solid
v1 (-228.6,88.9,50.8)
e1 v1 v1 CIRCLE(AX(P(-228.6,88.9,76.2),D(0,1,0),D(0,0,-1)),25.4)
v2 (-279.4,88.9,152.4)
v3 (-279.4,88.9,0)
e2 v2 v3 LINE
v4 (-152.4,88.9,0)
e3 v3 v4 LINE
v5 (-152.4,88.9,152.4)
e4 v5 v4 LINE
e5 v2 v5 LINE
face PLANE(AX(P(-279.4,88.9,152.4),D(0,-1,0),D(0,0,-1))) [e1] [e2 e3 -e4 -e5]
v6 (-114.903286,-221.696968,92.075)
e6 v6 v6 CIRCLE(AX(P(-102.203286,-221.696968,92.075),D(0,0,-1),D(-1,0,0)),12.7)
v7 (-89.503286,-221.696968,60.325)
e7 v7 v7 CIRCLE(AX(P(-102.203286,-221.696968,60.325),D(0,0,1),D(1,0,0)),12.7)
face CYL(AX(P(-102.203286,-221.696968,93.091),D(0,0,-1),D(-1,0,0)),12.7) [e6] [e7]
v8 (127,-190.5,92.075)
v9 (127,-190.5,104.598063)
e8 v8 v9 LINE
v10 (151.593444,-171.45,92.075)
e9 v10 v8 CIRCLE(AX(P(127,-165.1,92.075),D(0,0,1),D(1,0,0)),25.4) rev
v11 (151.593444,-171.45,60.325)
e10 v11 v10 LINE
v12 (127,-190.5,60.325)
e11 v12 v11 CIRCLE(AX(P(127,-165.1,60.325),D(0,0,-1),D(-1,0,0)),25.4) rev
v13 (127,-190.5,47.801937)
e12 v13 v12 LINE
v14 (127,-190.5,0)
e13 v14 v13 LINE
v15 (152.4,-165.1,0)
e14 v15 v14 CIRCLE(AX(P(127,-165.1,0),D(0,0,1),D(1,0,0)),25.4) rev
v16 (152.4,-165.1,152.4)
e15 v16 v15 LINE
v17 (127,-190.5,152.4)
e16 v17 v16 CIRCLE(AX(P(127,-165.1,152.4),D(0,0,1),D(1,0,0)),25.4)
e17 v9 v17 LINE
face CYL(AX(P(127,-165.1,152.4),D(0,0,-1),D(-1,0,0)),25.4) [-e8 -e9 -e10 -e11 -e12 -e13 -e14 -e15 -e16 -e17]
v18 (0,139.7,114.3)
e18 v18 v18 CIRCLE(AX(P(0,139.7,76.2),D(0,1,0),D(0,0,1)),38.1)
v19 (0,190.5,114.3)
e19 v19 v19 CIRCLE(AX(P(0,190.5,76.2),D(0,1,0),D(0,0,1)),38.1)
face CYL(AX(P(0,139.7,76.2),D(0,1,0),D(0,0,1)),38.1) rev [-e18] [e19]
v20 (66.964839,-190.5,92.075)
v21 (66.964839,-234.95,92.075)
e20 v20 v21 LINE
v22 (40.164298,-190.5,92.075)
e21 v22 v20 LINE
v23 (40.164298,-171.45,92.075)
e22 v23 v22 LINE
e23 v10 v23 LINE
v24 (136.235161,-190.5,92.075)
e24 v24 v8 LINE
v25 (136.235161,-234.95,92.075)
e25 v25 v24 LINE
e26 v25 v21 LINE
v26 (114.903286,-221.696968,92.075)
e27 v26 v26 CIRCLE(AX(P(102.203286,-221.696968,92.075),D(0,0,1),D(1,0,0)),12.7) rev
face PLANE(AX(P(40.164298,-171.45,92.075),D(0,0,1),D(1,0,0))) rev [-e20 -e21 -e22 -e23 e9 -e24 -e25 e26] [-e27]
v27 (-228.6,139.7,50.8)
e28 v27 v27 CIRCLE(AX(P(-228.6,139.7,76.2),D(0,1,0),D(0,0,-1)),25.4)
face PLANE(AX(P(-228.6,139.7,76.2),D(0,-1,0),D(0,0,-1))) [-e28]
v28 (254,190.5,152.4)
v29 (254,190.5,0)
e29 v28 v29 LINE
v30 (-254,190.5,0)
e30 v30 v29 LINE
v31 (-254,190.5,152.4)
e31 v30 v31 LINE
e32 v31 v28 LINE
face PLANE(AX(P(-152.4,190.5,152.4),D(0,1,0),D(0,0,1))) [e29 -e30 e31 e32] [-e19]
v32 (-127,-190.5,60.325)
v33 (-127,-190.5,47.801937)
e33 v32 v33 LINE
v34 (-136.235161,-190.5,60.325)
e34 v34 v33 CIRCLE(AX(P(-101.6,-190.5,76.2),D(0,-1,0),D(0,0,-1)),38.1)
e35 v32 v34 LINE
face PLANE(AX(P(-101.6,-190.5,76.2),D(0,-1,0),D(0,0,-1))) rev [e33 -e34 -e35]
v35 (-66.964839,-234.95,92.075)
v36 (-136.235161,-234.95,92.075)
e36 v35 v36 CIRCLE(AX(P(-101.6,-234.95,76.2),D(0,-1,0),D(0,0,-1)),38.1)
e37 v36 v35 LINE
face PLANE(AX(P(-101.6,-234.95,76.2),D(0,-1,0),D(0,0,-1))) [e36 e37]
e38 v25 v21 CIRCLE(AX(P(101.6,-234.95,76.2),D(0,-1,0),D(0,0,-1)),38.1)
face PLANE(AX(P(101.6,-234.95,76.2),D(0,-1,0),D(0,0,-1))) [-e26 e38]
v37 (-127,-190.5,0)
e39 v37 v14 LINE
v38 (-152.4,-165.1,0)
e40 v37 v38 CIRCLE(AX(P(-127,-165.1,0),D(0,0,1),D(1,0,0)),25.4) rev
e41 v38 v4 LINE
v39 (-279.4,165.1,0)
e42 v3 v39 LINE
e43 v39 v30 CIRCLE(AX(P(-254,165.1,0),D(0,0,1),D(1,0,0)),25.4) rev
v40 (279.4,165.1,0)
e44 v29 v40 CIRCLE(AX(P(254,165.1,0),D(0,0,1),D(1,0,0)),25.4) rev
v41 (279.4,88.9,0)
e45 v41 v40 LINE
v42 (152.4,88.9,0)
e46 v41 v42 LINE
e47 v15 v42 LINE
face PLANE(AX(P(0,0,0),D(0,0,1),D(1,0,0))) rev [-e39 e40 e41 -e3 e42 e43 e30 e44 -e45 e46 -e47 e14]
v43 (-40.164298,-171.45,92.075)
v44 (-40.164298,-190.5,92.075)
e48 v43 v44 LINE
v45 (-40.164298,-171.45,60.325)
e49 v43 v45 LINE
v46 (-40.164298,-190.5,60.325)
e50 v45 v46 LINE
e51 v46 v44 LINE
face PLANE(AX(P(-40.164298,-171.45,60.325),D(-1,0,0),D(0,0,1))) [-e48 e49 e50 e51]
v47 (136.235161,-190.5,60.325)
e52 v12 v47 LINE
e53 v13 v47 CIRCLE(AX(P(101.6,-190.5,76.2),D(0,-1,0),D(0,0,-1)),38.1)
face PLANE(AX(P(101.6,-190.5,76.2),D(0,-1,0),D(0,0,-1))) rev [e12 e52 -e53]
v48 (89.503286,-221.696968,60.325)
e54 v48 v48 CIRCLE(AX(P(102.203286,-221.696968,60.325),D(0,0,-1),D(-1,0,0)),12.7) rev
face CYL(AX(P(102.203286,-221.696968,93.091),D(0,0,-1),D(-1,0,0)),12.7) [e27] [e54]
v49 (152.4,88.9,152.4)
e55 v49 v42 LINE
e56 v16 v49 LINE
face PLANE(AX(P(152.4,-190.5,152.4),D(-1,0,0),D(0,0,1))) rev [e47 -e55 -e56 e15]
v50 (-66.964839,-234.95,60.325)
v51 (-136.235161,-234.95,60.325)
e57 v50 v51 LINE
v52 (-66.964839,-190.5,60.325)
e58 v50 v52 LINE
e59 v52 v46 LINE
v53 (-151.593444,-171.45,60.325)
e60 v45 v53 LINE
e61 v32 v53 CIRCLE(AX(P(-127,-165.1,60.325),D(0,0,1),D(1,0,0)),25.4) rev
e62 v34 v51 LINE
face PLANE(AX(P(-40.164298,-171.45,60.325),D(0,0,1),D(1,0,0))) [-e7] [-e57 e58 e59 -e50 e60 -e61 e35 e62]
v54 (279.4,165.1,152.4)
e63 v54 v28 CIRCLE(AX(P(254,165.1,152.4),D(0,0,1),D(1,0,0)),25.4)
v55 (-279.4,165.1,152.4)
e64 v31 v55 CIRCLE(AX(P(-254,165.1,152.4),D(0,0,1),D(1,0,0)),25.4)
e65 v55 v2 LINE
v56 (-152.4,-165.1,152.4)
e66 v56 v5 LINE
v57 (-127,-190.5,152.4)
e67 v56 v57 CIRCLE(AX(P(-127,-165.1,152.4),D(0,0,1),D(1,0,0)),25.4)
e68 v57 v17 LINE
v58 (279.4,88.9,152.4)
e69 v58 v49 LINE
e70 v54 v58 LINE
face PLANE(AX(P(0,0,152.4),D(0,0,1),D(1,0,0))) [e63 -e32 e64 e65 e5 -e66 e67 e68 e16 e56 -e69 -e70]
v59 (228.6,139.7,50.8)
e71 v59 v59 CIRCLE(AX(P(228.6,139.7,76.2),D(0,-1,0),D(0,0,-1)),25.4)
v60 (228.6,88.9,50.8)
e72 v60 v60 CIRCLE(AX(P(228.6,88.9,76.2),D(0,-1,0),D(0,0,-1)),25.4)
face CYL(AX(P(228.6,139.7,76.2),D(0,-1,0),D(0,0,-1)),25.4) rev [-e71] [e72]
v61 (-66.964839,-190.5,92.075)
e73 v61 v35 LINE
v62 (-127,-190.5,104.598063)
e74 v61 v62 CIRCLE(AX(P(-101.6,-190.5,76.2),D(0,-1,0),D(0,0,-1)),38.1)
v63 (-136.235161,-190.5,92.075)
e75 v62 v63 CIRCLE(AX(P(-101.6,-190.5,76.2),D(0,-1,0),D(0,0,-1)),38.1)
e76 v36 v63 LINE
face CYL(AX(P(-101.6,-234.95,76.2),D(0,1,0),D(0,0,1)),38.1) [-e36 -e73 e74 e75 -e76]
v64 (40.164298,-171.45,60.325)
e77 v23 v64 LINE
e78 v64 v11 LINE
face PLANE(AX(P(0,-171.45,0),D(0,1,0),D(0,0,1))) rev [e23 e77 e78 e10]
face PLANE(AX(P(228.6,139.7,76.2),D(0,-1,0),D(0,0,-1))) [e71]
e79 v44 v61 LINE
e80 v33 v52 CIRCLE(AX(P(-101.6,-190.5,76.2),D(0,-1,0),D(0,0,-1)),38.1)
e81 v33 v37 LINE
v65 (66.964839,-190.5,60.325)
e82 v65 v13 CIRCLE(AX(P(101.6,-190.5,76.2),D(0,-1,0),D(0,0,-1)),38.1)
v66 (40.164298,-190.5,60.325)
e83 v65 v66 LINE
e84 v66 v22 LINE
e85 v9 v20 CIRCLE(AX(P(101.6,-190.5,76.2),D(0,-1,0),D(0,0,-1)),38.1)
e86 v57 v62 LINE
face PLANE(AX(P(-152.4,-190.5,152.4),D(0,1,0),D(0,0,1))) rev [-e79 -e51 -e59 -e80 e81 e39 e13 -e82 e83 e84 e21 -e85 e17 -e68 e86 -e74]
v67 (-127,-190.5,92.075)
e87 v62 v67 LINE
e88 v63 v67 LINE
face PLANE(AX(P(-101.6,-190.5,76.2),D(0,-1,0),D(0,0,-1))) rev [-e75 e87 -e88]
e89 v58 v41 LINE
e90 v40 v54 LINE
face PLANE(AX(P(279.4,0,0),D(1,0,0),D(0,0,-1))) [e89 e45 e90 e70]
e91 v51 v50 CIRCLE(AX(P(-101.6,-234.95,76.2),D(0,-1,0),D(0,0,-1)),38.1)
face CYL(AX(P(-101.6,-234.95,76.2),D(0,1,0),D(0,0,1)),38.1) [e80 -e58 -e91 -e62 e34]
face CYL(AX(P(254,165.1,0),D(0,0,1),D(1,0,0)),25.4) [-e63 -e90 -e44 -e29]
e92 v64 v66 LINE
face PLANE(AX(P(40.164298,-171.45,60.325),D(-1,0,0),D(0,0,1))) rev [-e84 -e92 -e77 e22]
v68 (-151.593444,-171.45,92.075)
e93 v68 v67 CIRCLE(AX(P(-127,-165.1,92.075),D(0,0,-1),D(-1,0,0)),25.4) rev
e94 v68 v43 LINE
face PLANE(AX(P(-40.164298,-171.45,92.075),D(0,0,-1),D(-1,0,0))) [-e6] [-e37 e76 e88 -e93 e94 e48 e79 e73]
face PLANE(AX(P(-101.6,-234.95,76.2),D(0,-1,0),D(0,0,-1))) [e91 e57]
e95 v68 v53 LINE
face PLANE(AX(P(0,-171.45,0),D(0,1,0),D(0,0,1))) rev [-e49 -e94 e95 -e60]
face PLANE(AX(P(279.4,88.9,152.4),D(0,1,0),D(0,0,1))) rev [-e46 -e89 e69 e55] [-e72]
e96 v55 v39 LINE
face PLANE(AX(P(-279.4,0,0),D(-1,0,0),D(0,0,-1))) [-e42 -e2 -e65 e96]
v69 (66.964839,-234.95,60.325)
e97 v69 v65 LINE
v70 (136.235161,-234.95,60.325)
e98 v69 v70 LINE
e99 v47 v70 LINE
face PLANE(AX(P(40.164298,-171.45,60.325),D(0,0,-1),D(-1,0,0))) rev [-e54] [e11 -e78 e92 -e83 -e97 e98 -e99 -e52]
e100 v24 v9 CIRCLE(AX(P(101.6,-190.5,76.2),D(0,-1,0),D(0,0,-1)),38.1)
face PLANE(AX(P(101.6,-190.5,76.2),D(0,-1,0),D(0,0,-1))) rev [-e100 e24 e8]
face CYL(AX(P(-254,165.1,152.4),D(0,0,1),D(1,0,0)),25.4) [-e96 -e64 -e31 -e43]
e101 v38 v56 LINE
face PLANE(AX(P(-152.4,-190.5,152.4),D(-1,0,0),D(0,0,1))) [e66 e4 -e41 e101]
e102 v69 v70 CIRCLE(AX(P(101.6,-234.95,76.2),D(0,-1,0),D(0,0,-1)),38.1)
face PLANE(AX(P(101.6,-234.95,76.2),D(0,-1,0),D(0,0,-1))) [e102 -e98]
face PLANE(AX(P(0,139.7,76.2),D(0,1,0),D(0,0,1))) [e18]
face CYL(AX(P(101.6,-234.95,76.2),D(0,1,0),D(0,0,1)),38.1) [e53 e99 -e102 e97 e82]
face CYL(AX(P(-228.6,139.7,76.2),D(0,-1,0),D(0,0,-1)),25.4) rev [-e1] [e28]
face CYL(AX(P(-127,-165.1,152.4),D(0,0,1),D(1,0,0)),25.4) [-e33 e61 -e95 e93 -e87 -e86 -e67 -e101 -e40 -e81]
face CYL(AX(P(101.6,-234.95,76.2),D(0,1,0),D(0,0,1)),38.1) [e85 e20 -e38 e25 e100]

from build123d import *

# Parameters (mm, degrees)
SKETCH1_W           = 304.8
SKETCH1_H           = 381
BOSS_EXTRUDE1_DEPTH = 152.4
SKETCH2_R           = 38.1
CUT_EXTRUDE1_DEPTH  = 50.8
SKETCH5_W           = 152.4
SKETCH5_H           = 101.6
BOSS_EXTRUDE3_DEPTH = 127
SKETCH6_R           = 25.4
CUT_EXTRUDE4_DEPTH  = 50.8
FILLET4_R           = 25.4
FILLET5_R           = 25.4
SKETCH3_R           = 38.1
BOSS_EXTRUDE4_DEPTH = 44.45
SKETCH8_W           = 122.871403684
SKETCH8_H           = 31.75
CUT_EXTRUDE5_DEPTH  = 63.5
SKETCH9_R           = 12.7
BOSS_EXTRUDE5_DEPTH = 32.766


with BuildPart() as part:
    # Sketch1 → Boss-Extrude1 (new body)
    with BuildSketch(Plane.XY):
        Rectangle(SKETCH1_W, SKETCH1_H)
    extrude(amount=BOSS_EXTRUDE1_DEPTH)

    # Sketch2 → Cut-Extrude1 (cut)
    with BuildSketch(Plane(origin=(0, 190.5, 0), x_dir=(1, 0, 0), z_dir=(0, 1, 0))):
        with Locations(Location((0, -76.2, 0), (0, 0, 270))):
            Circle(SKETCH2_R)
    extrude(amount=-CUT_EXTRUDE1_DEPTH, mode=Mode.SUBTRACT)

    # Sketch5 → Boss-Extrude3 (add)
    with BuildSketch(Plane(origin=(152.4, 0, 0), x_dir=(0, 0, -1), z_dir=(1, 0, 0))):
        with Locations((-76.2, 139.7)):
            Rectangle(SKETCH5_W, SKETCH5_H)
    boss_extrude3 = extrude(amount=BOSS_EXTRUDE3_DEPTH)

    # Mirror1: Boss-Extrude3 across plane
    add(boss_extrude3.mirror(Plane(origin=(0, 0, 0), x_dir=(0, 0, 1), z_dir=(1, 0, 0))))

    # Sketch6 → Cut-Extrude4 (cut)
    with BuildSketch(Plane.XZ.offset(-88.9)):
        with Locations(Location((228.6, 76.2, 0), (0, 0, 270))):
            Circle(SKETCH6_R)
    cut_extrude4 = extrude(amount=-CUT_EXTRUDE4_DEPTH, mode=Mode.SUBTRACT)

    # Fillet4
    fillet4_edges = [part.edges().sort_by_distance(p)[0] for p in [
        (279.4, 190.5, 76.2),
        (-279.4, 190.5, 76.2),
    ]]
    fillet(fillet4_edges, radius=FILLET4_R)

    # Fillet5
    fillet5_edges = [part.edges().sort_by_distance(p)[0] for p in [
        (-152.4, -190.5, 76.2),
        (152.4, -190.5, 76.2),
    ]]
    fillet(fillet5_edges, radius=FILLET5_R)

    # Mirror2: Cut-Extrude4 across plane
    add(cut_extrude4.mirror(Plane(origin=(0, 0, 0), x_dir=(0, 0, 1), z_dir=(1, 0, 0))), mode=Mode.SUBTRACT)

    # Sketch3 → Boss-Extrude4 (add)
    with BuildSketch(Plane.XZ.offset(190.5)):
        with Locations(Location((-101.6, 76.2, 0), (0, 0, 131.810314896))):
            Circle(SKETCH3_R)
        with Locations(Location((101.6, 76.2, 0), (0, 0, 48.189685104))):
            Circle(SKETCH3_R)
    extrude(amount=BOSS_EXTRUDE4_DEPTH)

    # Sketch8 → Cut-Extrude5 (cut)
    with BuildSketch(Plane.XZ.offset(234.95)):
        with Locations((101.6, 76.2)):
            Rectangle(SKETCH8_W, SKETCH8_H)
    cut_extrude5 = extrude(amount=-CUT_EXTRUDE5_DEPTH, mode=Mode.SUBTRACT)

    # Mirror3: Cut-Extrude5 across plane
    add(cut_extrude5.mirror(Plane(origin=(0, 0, 0), x_dir=(0, 0, 1), z_dir=(1, 0, 0))), mode=Mode.SUBTRACT)

    # Sketch9 → Boss-Extrude5 (add)
    with BuildSketch(Plane.XY.offset(60.325)):
        with Locations(Location((102.203286199, -221.696968448, 0), (0, 0, 180))):
            Circle(SKETCH9_R)
    boss_extrude5 = extrude(amount=BOSS_EXTRUDE5_DEPTH)

    # Mirror4: Boss-Extrude5 across plane
    add(boss_extrude5.mirror(Plane(origin=(0, 0, 0), x_dir=(0, 0, 1), z_dir=(1, 0, 0))))


solid = part.part
